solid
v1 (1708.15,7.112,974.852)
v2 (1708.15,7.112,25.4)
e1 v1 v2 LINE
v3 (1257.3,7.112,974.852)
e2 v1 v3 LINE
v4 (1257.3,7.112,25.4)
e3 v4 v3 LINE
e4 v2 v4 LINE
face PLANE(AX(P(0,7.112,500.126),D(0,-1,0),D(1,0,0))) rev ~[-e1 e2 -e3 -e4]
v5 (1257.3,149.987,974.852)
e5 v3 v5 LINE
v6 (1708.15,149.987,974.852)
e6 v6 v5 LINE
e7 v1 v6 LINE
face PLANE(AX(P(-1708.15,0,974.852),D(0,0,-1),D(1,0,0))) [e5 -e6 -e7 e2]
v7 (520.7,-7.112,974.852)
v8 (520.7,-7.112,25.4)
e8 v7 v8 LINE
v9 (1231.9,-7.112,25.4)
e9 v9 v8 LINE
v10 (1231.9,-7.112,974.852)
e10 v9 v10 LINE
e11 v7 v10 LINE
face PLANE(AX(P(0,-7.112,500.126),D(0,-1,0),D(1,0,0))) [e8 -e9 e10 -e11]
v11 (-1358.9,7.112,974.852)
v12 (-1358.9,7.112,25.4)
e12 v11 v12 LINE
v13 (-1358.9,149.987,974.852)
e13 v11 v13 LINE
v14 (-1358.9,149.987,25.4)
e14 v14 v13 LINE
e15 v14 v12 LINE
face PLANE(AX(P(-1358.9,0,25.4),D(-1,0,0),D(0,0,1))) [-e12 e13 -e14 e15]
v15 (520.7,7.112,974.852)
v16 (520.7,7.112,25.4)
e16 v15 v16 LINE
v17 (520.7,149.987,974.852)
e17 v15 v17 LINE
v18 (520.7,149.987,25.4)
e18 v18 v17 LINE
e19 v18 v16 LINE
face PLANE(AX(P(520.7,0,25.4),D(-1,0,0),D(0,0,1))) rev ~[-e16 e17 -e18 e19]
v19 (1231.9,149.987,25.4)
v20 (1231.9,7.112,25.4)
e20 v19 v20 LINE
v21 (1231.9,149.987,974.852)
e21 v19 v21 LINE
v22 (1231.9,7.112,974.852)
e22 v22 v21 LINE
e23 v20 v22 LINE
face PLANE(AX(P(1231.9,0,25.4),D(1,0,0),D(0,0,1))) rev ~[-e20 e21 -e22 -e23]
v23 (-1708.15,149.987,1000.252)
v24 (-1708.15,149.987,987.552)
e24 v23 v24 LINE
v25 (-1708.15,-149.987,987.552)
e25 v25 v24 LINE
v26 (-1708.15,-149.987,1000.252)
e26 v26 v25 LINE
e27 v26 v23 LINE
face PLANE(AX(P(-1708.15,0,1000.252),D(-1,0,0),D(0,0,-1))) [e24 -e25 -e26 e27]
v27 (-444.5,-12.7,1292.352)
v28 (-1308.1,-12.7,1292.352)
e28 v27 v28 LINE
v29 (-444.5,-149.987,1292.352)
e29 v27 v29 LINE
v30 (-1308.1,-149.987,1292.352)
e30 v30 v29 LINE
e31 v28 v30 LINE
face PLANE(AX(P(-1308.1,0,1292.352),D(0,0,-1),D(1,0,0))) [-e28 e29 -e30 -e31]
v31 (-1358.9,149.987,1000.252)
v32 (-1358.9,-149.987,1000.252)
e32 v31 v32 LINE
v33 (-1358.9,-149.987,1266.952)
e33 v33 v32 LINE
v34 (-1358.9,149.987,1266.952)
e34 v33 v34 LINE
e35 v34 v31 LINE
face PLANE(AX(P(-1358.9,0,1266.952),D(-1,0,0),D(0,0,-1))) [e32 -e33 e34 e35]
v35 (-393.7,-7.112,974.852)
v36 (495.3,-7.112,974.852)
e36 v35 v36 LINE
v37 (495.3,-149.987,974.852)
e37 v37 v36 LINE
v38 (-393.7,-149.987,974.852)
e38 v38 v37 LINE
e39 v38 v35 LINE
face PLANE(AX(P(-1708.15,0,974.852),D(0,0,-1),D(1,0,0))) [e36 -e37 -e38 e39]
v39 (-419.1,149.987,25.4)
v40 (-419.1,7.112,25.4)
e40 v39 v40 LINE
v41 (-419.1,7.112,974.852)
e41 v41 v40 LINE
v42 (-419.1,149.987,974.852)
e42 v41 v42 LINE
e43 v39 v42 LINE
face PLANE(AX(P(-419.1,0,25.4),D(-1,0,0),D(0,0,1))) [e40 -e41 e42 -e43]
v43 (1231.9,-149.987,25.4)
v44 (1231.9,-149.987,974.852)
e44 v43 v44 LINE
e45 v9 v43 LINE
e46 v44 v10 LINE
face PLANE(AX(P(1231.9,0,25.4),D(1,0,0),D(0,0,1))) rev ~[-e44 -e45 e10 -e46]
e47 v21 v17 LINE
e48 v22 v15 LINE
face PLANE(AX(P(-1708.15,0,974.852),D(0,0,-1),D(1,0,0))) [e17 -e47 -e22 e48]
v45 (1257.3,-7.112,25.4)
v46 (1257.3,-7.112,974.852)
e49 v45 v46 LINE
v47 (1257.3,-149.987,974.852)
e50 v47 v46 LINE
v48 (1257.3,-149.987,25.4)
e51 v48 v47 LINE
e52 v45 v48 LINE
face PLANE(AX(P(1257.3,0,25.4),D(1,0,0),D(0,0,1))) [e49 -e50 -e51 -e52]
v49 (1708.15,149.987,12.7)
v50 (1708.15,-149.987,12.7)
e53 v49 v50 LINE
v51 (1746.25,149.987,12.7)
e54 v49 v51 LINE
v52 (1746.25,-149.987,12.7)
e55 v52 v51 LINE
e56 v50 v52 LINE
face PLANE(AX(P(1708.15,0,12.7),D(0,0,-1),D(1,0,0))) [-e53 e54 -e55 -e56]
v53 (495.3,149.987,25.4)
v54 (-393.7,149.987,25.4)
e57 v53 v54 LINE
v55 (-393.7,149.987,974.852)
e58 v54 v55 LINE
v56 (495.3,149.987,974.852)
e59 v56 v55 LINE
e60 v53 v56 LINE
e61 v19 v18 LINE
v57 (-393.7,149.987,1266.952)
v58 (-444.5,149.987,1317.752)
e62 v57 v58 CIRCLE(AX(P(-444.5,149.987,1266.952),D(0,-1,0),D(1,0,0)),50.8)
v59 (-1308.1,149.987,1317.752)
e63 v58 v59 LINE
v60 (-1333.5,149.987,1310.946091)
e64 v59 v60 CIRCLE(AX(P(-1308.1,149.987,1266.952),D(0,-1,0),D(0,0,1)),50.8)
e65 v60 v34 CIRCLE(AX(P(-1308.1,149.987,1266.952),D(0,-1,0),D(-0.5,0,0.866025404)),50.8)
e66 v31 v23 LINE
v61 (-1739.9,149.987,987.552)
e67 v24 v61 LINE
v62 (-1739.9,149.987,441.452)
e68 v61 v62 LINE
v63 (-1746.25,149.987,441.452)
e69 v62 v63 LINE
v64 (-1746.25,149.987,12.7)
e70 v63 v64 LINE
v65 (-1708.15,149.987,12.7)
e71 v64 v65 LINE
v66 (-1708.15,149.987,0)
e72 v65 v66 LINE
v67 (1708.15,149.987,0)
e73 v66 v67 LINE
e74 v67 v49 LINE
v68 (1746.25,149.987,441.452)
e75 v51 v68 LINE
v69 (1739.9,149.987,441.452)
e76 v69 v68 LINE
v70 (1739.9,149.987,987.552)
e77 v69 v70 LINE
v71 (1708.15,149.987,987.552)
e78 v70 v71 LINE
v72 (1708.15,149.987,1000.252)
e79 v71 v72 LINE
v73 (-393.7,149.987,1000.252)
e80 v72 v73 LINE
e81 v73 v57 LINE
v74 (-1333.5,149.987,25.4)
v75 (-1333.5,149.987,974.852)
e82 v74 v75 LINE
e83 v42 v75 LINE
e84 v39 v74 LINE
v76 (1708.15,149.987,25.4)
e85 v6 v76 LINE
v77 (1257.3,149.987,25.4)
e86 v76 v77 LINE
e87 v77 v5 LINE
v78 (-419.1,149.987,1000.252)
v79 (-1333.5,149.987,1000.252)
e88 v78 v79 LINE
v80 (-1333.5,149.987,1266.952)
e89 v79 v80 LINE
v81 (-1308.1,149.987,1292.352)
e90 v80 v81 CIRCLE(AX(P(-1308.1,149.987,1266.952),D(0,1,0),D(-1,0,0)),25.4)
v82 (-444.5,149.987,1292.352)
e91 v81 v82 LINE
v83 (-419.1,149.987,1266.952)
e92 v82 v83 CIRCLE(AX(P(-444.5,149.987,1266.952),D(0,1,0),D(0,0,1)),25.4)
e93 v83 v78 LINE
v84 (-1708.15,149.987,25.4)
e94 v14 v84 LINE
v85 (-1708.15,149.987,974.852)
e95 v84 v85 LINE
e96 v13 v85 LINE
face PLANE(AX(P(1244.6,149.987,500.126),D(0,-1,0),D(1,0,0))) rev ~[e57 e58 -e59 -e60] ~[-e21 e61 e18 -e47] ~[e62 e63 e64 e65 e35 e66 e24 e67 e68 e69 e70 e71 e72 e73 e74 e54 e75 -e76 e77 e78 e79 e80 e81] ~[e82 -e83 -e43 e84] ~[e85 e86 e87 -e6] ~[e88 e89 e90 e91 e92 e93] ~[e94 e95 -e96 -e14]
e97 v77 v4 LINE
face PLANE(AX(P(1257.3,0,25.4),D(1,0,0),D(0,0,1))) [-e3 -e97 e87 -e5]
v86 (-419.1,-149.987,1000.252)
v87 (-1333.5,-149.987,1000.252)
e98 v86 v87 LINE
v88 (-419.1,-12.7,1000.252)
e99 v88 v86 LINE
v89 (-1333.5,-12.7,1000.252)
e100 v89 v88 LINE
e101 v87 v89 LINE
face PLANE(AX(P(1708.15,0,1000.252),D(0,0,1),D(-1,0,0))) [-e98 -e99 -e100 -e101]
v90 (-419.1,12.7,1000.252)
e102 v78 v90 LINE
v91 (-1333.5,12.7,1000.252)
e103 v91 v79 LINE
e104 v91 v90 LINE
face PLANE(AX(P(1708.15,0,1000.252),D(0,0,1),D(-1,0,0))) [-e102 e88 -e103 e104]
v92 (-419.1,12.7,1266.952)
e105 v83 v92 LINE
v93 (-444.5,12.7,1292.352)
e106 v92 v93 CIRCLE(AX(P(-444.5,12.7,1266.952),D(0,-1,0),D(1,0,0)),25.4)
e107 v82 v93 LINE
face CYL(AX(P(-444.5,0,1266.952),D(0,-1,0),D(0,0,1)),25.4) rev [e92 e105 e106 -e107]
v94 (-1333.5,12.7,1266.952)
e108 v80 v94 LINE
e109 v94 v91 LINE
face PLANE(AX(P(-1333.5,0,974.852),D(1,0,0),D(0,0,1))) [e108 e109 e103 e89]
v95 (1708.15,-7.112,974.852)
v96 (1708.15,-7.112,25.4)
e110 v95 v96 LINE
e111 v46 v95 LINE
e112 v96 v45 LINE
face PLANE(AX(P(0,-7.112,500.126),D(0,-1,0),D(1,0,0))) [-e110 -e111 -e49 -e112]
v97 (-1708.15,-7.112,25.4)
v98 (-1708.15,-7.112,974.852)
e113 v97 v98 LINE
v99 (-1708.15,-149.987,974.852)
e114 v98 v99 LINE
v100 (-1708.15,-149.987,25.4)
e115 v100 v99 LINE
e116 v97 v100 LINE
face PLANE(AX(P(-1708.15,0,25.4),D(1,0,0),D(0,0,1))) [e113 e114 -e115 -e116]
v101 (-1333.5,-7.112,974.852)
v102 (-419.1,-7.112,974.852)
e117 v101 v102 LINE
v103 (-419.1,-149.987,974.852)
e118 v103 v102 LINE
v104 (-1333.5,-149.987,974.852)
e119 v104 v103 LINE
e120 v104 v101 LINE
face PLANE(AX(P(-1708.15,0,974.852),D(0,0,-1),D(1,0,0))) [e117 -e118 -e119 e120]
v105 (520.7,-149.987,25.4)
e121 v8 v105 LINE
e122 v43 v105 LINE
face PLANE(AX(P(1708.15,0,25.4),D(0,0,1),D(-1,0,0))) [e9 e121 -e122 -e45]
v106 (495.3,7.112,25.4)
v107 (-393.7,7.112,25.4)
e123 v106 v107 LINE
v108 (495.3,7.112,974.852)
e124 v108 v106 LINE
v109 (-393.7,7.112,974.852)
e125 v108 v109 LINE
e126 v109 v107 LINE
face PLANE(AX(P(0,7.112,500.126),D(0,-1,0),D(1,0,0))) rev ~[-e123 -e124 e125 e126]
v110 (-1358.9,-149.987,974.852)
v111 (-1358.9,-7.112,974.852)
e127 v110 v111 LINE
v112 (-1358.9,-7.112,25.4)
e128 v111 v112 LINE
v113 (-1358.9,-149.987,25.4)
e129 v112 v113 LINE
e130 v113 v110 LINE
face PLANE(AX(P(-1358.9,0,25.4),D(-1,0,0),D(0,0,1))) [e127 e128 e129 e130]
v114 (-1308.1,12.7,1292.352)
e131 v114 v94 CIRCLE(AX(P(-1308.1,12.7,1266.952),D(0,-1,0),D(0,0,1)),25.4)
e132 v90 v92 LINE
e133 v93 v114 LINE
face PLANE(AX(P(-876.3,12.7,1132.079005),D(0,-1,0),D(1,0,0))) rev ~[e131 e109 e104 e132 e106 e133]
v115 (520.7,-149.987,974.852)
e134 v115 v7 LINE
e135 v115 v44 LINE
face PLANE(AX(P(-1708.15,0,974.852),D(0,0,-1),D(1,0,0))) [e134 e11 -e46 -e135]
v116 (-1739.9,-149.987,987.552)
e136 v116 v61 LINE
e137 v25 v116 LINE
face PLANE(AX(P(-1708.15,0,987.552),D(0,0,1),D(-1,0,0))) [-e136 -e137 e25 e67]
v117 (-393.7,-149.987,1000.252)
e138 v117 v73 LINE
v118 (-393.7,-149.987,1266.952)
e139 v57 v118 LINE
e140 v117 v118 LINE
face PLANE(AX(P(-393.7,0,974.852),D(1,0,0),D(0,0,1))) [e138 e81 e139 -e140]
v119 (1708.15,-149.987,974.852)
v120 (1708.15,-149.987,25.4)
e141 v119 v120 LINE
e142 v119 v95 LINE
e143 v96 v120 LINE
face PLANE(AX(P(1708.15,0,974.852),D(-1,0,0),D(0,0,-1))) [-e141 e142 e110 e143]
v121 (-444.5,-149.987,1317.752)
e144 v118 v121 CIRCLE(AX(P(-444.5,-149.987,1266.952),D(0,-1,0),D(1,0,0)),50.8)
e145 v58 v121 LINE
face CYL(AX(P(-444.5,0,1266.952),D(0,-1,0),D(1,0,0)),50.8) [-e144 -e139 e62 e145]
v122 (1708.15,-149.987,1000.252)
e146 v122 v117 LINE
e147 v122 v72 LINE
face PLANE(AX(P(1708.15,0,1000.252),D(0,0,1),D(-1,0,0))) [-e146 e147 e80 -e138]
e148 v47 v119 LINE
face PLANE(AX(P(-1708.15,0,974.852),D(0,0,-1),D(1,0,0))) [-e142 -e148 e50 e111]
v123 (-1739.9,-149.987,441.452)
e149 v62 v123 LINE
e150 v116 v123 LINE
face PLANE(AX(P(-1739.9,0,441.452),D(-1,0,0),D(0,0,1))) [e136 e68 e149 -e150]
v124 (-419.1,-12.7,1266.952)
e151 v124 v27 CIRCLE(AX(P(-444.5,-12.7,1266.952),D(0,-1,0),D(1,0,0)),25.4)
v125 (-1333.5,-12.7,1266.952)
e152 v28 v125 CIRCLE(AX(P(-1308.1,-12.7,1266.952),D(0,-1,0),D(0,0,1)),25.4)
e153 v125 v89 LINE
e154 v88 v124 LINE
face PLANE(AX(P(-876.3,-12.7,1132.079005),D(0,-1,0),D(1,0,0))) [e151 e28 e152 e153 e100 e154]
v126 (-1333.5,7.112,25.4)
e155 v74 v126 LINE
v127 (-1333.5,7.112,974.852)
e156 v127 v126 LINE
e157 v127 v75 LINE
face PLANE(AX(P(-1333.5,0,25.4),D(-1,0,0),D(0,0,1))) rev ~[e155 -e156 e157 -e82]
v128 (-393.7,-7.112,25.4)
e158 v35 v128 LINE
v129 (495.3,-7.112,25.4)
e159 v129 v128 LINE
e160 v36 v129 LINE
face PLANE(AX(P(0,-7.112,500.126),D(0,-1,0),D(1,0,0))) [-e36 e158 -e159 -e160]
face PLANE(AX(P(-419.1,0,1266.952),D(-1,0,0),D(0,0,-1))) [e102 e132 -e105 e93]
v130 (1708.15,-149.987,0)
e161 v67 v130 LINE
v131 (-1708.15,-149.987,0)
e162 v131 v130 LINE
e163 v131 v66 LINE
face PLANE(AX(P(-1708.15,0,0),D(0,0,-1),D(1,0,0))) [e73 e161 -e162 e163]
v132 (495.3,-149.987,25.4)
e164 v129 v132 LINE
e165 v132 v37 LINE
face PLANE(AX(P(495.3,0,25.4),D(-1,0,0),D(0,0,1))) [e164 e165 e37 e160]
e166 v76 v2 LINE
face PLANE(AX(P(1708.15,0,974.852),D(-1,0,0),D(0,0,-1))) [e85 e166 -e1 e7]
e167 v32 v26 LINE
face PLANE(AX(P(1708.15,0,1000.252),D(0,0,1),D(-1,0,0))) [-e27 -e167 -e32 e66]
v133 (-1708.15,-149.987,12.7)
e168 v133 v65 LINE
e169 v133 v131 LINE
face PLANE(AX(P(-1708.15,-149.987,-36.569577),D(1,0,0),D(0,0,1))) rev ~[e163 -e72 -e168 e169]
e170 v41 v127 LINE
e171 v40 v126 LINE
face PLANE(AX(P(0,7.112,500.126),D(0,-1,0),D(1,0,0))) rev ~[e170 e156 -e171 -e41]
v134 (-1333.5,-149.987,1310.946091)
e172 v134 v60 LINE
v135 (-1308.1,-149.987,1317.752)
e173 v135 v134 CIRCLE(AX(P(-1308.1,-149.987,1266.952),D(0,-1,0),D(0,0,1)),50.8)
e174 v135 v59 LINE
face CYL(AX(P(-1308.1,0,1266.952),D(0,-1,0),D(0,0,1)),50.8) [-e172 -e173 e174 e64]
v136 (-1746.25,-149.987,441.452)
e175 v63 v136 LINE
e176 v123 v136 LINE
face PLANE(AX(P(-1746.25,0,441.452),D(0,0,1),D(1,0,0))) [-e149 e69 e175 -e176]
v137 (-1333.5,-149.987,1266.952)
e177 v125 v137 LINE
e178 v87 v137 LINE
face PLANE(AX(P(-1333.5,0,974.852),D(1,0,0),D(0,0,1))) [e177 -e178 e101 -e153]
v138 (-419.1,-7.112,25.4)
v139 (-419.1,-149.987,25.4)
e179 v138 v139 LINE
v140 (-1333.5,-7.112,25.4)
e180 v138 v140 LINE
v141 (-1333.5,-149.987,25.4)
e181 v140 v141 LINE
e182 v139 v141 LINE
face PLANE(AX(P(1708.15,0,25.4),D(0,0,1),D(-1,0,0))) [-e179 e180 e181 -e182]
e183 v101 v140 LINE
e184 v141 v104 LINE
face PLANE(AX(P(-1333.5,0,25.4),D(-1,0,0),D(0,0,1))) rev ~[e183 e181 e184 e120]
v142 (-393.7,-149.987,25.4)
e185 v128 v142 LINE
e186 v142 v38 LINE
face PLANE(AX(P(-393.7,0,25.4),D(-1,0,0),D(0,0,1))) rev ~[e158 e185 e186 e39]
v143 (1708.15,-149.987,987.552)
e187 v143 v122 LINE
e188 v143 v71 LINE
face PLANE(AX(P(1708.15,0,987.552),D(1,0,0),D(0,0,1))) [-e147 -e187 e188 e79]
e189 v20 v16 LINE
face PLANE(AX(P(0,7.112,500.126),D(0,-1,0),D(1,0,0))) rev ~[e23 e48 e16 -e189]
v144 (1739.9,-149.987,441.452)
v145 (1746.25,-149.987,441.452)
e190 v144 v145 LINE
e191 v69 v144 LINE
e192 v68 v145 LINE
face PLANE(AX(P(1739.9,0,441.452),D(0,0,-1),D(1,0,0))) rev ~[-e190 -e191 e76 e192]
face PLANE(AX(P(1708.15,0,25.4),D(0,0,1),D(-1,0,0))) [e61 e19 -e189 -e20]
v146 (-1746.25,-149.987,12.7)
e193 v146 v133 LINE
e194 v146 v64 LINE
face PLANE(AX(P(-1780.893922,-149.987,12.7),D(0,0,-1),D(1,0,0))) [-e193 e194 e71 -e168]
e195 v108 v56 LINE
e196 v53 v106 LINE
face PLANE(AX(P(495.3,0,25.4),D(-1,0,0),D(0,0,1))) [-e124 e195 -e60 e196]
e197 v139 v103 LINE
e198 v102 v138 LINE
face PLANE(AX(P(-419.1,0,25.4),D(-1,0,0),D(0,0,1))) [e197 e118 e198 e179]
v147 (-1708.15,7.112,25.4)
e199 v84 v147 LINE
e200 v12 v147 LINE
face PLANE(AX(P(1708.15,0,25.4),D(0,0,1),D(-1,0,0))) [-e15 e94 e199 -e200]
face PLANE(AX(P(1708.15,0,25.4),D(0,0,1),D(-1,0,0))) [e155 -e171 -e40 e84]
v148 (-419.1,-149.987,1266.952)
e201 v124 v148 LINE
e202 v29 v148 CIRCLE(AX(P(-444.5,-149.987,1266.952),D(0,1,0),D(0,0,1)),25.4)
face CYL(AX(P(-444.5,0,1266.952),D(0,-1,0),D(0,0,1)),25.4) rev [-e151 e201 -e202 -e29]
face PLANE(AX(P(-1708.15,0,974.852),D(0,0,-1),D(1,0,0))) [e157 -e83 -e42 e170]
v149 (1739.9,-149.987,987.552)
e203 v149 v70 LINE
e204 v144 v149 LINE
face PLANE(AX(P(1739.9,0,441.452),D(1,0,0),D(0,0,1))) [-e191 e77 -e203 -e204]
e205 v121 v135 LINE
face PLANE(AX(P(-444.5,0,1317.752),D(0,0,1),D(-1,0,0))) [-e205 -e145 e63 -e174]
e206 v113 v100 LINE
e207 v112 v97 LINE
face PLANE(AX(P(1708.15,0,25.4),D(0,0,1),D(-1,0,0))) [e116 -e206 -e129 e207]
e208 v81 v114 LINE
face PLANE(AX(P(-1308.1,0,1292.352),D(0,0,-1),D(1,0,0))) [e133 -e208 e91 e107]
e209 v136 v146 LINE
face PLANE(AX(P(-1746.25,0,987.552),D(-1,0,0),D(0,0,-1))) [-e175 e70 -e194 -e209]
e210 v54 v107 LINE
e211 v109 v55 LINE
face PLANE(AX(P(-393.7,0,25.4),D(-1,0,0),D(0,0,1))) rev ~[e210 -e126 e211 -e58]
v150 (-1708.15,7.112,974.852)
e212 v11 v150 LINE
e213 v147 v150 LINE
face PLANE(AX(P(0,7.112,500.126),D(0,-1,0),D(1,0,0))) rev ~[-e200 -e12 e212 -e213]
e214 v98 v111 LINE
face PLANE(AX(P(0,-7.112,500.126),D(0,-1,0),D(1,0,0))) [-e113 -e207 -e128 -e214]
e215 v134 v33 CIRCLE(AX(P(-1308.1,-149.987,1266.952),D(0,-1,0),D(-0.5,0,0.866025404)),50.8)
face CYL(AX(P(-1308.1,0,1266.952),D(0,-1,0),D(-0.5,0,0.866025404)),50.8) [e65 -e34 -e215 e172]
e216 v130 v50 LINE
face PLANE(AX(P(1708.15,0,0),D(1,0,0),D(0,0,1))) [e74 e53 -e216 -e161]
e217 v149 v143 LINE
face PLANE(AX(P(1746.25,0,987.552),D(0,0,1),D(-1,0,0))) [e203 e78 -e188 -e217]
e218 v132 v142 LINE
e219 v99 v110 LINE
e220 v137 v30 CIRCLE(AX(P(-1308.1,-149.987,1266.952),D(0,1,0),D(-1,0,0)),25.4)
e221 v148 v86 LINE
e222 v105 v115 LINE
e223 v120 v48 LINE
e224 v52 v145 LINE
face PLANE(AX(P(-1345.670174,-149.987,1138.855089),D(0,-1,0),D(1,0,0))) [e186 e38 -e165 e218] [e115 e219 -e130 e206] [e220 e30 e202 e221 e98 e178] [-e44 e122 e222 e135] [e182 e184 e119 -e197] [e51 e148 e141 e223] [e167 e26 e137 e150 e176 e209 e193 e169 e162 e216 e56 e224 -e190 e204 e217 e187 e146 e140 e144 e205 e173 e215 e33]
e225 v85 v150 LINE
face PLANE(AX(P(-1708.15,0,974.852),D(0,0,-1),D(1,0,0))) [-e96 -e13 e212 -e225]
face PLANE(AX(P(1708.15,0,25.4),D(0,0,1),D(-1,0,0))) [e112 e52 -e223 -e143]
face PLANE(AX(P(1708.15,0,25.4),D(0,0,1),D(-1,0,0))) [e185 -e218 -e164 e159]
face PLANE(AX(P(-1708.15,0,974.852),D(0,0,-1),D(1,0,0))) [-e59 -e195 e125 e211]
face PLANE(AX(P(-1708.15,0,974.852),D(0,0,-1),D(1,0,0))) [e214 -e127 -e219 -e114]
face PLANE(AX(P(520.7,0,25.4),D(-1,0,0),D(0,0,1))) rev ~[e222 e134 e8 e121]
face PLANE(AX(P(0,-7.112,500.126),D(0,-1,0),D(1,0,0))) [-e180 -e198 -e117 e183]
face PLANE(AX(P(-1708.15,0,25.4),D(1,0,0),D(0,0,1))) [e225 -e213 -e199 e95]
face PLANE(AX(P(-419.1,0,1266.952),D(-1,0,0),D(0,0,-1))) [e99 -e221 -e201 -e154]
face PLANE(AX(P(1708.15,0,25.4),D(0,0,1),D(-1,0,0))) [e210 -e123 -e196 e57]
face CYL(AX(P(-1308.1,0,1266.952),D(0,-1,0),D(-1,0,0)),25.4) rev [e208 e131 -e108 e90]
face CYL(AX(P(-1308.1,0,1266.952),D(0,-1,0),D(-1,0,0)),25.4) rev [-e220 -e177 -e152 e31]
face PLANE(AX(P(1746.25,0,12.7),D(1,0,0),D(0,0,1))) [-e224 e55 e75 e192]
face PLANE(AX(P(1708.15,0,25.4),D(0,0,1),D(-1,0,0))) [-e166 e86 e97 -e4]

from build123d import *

# Parameters (mm, degrees)
F0_W      = 3492.5
F0_H      = 1000.252
F1_DEPTH  = 7.112
F3_DEPTH  = 149.987
F4_W      = 6.35
F4_H      = 558.8
F5_DEPTH  = 152.4
F6_W      = 69.6651035309
F6_H      = 32.1860781174
F6_W_2    = 61.0528284073
F6_H_2    = 46.4129915695
F6_W_3    = 67.1003156662
F6_H_3    = 41.8257090867
F6_W_4    = 72.7439218521
F6_H_4    = 49.2695767105
F7_DEPTH  = 299.975
F9_DEPTH  = 12.7
F10_DEPTH = 149.987
F8_W      = 25.4
F8_H      = 949.452
F11_DEPTH = 149.987


with BuildPart() as f1:
    # F0 (on Front) → F1 (new body, symmetric)
    with BuildSketch(Plane.XZ):
        with Locations((0, 500.126)):
            Rectangle(F0_W, F0_H)
    extrude(amount=F1_DEPTH, both=True)

    # F2 (on Front) → F3 (join, symmetric)
    with BuildSketch(Plane.XZ):
        Polygon((-1708.15, 12.7), (-1708.15, 0), (1708.15, 0), (1708.15, 12.7), (1708.15, 25.4), (-1708.15, 25.4), align=None)
        Polygon((-1746.25, 12.7), (-1708.15, 12.7), (-1708.15, 25.4), (-1708.15, 974.852), (-1708.15, 987.552), (-1746.25, 987.552), align=None)
        Polygon((1708.15, 25.4), (1708.15, 12.7), (1746.25, 12.7), (1746.25, 987.552), (1708.15, 987.552), (1708.15, 974.852), align=None)
        Polygon((-1708.15, 987.552), (-1708.15, 974.852), (1708.15, 974.852), (1708.15, 987.552), (1708.15, 1000.252), (-1708.15, 1000.252), align=None)
    extrude(amount=F3_DEPTH, both=True)

    # F4 (on Front) → F5 (cut, symmetric)
    with BuildSketch(Plane.XZ):
        with Locations((-1743.075, 720.852)):
            Rectangle(F4_W, F4_H)
        with Locations((1743.075, 720.852)):
            Rectangle(F4_W, F4_H)
    extrude(amount=F5_DEPTH, both=True, mode=Mode.SUBTRACT)

    # F6 (on face) → F7 (cut, through all)
    with BuildSketch(Plane.XZ.offset(149.987)):
        with Locations((-1742.9825517654, 1003.6450390587)):
            Rectangle(F6_W, F6_H)
        with Locations((1738.6764142036, 1010.7584957848)):
            Rectangle(F6_W_2, F6_H_2)
        with Locations((1741.7001578331, -8.2128545433)):
            Rectangle(F6_W_3, F6_H_3)
        with Locations((-1744.5219609261, -11.9347883552)):
            Rectangle(F6_W_4, F6_H_4)
    extrude(amount=-F7_DEPTH, mode=Mode.SUBTRACT)

    # F8 (on Front) → F9 (join, symmetric)
    with BuildSketch(Plane.XZ):
        with BuildLine():
            Line((-1333.5, 1266.952), (-1333.5, 974.852))
            Line((-1333.5, 974.852), (-419.1, 974.852))
            Line((-419.1, 974.852), (-419.1, 1266.952))
            ThreePointArc((-419.1, 1266.952), (-426.5394877579, 1284.9125122421), (-444.5, 1292.352))
            Line((-444.5, 1292.352), (-1308.1, 1292.352))
            ThreePointArc((-1308.1, 1292.352), (-1326.0605122421, 1284.9125122421), (-1333.5, 1266.952))
        make_face()
    extrude(amount=F9_DEPTH, both=True)

    # F8 (on Front) → F10 (join, symmetric)
    with BuildSketch(Plane.XZ):
        with BuildLine():
            Line((-1358.9, 1266.952), (-1358.9, 974.852))
            Line((-1358.9, 974.852), (-1333.5, 974.852))
            Line((-1333.5, 974.852), (-1333.5, 1266.952))
            Line((-1333.5, 1266.952), (-1333.5, 1310.9460905122))
            ThreePointArc((-1333.5, 1310.9460905122), (-1352.0940905122, 1292.352), (-1358.9, 1266.952))
        make_face()
        with BuildLine():
            Line((-419.1, 1266.952), (-419.1, 974.852))
            Line((-419.1, 974.852), (-393.7, 974.852))
            Line((-393.7, 974.852), (-393.7, 1266.952))
            ThreePointArc((-393.7, 1266.952), (-408.5789755157, 1302.8730244843), (-444.5, 1317.752))
            Line((-444.5, 1317.752), (-1308.1, 1317.752))
            ThreePointArc((-1308.1, 1317.752), (-1321.2480074912, 1316.0210319755), (-1333.5, 1310.9460905122))
            Line((-1333.5, 1310.9460905122), (-1333.5, 1266.952))
            ThreePointArc((-1333.5, 1266.952), (-1326.0605122421, 1284.9125122421), (-1308.1, 1292.352))
            Line((-1308.1, 1292.352), (-444.5, 1292.352))
            ThreePointArc((-444.5, 1292.352), (-426.5394877579, 1284.9125122421), (-419.1, 1266.952))
        make_face()
    extrude(amount=F10_DEPTH, both=True)

    # F8 (on Front) → F11 (join, symmetric)
    with BuildSketch(Plane.XZ):
        with Locations((-1346.2, 500.126)):
            Rectangle(F8_W, F8_H)
        with Locations((-406.4, 500.126)):
            Rectangle(F8_W, F8_H)
        with Locations((508, 500.126)):
            Rectangle(F8_W, F8_H)
        with Locations((1244.6, 500.126)):
            Rectangle(F8_W, F8_H)
    extrude(amount=F11_DEPTH, both=True)


solid = f1.part
